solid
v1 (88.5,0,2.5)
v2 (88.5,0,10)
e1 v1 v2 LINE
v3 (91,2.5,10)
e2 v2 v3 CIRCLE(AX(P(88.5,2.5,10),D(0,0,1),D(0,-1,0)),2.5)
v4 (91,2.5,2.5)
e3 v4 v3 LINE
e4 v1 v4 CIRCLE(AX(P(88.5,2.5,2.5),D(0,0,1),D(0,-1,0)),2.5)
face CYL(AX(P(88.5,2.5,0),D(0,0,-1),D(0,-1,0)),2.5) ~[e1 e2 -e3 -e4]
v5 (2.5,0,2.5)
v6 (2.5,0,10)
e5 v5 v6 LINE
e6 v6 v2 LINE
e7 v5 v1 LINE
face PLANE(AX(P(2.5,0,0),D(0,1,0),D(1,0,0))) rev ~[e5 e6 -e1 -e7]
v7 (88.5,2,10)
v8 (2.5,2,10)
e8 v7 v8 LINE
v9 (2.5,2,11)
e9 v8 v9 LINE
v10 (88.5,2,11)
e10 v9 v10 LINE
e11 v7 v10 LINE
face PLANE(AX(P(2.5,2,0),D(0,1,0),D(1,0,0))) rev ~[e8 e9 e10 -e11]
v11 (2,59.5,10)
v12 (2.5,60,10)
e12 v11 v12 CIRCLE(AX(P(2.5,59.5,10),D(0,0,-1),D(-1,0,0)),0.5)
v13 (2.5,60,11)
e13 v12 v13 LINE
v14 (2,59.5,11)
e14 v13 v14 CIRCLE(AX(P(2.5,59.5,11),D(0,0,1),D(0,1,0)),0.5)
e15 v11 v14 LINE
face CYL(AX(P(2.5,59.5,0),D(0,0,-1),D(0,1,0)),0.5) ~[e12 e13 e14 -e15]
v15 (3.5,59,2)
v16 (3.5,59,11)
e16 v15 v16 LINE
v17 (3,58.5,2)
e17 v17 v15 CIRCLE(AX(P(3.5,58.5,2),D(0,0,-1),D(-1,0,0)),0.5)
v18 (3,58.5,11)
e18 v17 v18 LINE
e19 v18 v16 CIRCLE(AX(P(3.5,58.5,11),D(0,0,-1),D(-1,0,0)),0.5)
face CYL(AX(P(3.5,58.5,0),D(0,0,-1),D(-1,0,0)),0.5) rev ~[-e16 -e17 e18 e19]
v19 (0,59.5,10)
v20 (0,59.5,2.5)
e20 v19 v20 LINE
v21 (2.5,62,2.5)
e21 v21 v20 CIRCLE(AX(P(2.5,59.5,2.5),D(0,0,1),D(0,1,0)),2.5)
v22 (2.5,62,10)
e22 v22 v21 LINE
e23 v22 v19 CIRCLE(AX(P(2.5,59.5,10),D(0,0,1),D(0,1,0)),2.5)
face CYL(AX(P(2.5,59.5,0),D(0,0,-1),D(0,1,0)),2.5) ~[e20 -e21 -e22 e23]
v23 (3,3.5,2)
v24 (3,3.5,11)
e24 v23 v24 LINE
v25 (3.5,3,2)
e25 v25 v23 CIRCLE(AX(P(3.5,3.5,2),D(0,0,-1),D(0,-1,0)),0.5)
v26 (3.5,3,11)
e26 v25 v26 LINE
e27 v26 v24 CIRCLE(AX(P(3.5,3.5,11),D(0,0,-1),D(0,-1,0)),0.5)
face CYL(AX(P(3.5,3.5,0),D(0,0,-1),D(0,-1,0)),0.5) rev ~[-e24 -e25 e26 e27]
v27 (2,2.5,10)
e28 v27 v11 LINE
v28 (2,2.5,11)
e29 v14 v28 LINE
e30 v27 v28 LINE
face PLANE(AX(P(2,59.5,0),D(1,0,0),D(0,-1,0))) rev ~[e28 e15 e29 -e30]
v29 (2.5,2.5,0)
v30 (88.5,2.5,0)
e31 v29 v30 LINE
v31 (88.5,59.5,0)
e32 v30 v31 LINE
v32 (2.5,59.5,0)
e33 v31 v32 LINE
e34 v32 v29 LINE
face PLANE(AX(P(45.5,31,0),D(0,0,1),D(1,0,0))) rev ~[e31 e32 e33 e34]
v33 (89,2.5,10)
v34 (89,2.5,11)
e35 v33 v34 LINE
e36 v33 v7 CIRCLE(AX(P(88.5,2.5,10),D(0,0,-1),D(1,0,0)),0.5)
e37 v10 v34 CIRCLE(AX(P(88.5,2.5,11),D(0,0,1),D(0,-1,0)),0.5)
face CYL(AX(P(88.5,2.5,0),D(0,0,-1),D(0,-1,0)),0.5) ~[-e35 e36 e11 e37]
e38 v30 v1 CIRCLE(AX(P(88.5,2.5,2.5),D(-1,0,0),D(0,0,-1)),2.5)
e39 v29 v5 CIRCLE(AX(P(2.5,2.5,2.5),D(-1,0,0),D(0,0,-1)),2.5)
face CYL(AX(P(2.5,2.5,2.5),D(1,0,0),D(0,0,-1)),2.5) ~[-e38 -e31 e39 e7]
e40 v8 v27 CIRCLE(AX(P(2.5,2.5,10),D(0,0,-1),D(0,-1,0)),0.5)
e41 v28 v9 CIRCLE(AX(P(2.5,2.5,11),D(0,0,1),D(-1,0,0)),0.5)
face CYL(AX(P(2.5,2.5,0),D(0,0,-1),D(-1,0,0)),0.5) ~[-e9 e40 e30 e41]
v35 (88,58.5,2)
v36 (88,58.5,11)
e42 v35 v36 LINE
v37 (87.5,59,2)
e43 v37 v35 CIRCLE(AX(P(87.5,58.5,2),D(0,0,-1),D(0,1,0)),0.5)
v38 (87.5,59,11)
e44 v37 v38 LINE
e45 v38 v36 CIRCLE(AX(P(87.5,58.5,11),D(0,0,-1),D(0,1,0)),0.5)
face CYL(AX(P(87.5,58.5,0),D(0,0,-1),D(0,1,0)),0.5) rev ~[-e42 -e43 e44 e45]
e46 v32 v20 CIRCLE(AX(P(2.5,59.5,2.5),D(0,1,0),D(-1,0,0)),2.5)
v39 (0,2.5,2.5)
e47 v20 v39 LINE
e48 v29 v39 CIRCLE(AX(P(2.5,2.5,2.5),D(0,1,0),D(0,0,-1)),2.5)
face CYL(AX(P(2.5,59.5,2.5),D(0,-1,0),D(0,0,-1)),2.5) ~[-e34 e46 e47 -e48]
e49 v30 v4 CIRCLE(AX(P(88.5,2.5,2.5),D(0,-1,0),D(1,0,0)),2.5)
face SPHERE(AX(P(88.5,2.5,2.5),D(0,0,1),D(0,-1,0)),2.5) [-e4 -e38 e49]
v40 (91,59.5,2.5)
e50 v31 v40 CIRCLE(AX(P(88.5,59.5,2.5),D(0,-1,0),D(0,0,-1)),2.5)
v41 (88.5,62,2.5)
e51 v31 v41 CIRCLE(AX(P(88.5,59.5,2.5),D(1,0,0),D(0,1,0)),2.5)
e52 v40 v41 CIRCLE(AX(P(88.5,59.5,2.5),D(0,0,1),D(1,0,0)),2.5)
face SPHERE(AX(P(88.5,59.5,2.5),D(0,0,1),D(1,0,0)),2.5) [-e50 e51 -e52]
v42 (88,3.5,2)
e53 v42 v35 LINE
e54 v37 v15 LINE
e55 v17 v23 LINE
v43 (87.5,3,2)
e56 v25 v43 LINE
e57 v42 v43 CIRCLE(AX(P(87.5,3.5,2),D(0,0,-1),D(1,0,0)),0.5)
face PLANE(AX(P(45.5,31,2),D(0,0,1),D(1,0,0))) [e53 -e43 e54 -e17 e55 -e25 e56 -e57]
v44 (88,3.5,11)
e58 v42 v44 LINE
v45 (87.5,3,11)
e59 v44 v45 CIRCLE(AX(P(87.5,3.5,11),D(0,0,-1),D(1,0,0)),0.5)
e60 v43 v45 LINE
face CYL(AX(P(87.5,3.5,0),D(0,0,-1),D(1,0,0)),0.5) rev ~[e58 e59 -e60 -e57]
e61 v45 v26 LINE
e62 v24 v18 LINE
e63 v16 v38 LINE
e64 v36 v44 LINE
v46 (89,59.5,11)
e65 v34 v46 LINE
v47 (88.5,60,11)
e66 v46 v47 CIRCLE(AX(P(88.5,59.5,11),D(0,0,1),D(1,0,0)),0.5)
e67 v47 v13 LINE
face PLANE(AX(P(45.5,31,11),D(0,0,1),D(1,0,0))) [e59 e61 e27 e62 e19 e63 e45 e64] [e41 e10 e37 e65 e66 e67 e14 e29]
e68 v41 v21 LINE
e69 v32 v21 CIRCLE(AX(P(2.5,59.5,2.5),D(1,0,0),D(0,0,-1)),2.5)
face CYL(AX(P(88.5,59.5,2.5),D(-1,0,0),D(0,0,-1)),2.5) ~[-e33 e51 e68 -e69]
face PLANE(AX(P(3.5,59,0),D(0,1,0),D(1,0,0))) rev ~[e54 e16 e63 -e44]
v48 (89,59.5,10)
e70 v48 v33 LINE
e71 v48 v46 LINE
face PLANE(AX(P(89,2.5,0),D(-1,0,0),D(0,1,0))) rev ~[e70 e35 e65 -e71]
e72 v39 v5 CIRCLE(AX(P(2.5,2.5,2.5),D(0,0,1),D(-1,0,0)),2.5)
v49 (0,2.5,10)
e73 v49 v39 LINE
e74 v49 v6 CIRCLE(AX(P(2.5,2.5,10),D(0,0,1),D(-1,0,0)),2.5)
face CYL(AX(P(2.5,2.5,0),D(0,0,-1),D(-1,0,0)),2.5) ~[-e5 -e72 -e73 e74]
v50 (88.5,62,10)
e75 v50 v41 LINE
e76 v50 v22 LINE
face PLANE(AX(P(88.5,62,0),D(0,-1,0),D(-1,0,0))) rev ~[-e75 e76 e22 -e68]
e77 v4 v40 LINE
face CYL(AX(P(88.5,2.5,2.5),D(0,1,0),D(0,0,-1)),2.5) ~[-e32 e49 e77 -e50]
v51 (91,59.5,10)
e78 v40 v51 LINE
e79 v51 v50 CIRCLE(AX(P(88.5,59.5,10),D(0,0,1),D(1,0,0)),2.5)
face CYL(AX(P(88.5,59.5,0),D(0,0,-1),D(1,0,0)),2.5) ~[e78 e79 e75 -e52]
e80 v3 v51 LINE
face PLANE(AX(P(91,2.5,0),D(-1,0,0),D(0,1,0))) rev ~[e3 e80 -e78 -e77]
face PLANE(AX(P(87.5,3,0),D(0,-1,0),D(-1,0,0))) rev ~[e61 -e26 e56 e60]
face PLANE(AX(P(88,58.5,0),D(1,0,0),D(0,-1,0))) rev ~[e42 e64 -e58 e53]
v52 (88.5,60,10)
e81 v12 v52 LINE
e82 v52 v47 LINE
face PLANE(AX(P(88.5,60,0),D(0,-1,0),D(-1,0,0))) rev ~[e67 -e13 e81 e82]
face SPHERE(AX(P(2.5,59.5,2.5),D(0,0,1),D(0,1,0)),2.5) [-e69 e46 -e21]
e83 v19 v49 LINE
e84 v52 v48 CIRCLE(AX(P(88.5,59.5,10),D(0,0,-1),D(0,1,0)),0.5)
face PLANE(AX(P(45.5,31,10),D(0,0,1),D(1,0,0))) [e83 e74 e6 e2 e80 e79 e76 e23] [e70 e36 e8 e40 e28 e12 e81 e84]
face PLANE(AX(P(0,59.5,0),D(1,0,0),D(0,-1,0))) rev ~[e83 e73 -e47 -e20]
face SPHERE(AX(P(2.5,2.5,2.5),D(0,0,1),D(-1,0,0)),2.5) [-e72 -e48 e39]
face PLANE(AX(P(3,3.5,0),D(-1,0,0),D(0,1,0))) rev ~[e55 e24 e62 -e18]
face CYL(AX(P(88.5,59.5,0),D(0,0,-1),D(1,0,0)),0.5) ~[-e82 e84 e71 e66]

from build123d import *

# Parameters (mm, degrees)
F1_DEPTH = 2
F2_DEPTH = 10
F3_DEPTH = 11
F4_R     = 2.5


with BuildPart() as f1:
    # F0 (on Top) → F1 (new body)
    with BuildSketch(Plane.XY):
        with BuildLine():
            ThreePointArc((0, 2.5), (0.732233047, 0.732233047), (2.5, 0))
            Line((2.5, 0), (88.5, 0))
            ThreePointArc((88.5, 0), (90.267766953, 0.732233047), (91, 2.5))
            Line((91, 2.5), (91, 59.5))
            ThreePointArc((91, 59.5), (90.267766953, 61.267766953), (88.5, 62))
            Line((88.5, 62), (2.5, 62))
            ThreePointArc((2.5, 62), (0.732233047, 61.267766953), (0, 59.5))
            Line((0, 59.5), (0, 2.5))
        make_face()
        with BuildLine():
            Line((2, 2.5), (2, 59.5))
            ThreePointArc((2, 59.5), (2.1464466094, 59.8535533906), (2.5, 60))
            Line((2.5, 60), (88.5, 60))
            ThreePointArc((88.5, 60), (88.8535533906, 59.8535533906), (89, 59.5))
            Line((89, 59.5), (89, 2.5))
            ThreePointArc((89, 2.5), (88.8535533906, 2.1464466094), (88.5, 2))
            Line((88.5, 2), (2.5, 2))
            ThreePointArc((2.5, 2), (2.1464466094, 2.1464466094), (2, 2.5))
        make_face(mode=Mode.SUBTRACT)
        with BuildLine():
            ThreePointArc((2.5, 60), (2.1464466094, 59.8535533906), (2, 59.5))
            Line((2, 59.5), (2, 2.5))
            ThreePointArc((2, 2.5), (2.1464466094, 2.1464466094), (2.5, 2))
            Line((2.5, 2), (88.5, 2))
            ThreePointArc((88.5, 2), (88.8535533906, 2.1464466094), (89, 2.5))
            Line((89, 2.5), (89, 59.5))
            ThreePointArc((89, 59.5), (88.8535533906, 59.8535533906), (88.5, 60))
            Line((88.5, 60), (2.5, 60))
        make_face()
        with BuildLine():
            Line((3.5, 59), (87.5, 59))
            ThreePointArc((87.5, 59), (87.8535533906, 58.8535533906), (88, 58.5))
            Line((88, 58.5), (88, 3.5))
            ThreePointArc((88, 3.5), (87.8535533906, 3.1464466094), (87.5, 3))
            Line((87.5, 3), (3.5, 3))
            ThreePointArc((3.5, 3), (3.1464466094, 3.1464466094), (3, 3.5))
            Line((3, 3.5), (3, 58.5))
            ThreePointArc((3, 58.5), (3.1464466094, 58.8535533906), (3.5, 59))
        make_face(mode=Mode.SUBTRACT)
        with BuildLine():
            ThreePointArc((88, 58.5), (87.8535533906, 58.8535533906), (87.5, 59))
            Line((87.5, 59), (3.5, 59))
            ThreePointArc((3.5, 59), (3.1464466094, 58.8535533906), (3, 58.5))
            Line((3, 58.5), (3, 3.5))
            ThreePointArc((3, 3.5), (3.1464466094, 3.1464466094), (3.5, 3))
            Line((3.5, 3), (87.5, 3))
            ThreePointArc((87.5, 3), (87.8535533906, 3.1464466094), (88, 3.5))
            Line((88, 3.5), (88, 58.5))
        make_face()
    extrude(amount=F1_DEPTH)

    # F0 (on Top) → F2 (join)
    with BuildSketch(Plane.XY):
        with BuildLine():
            ThreePointArc((0, 2.5), (0.732233047, 0.732233047), (2.5, 0))
            Line((2.5, 0), (88.5, 0))
            ThreePointArc((88.5, 0), (90.267766953, 0.732233047), (91, 2.5))
            Line((91, 2.5), (91, 59.5))
            ThreePointArc((91, 59.5), (90.267766953, 61.267766953), (88.5, 62))
            Line((88.5, 62), (2.5, 62))
            ThreePointArc((2.5, 62), (0.732233047, 61.267766953), (0, 59.5))
            Line((0, 59.5), (0, 2.5))
        make_face()
        with BuildLine():
            Line((2, 2.5), (2, 59.5))
            ThreePointArc((2, 59.5), (2.1464466094, 59.8535533906), (2.5, 60))
            Line((2.5, 60), (88.5, 60))
            ThreePointArc((88.5, 60), (88.8535533906, 59.8535533906), (89, 59.5))
            Line((89, 59.5), (89, 2.5))
            ThreePointArc((89, 2.5), (88.8535533906, 2.1464466094), (88.5, 2))
            Line((88.5, 2), (2.5, 2))
            ThreePointArc((2.5, 2), (2.1464466094, 2.1464466094), (2, 2.5))
        make_face(mode=Mode.SUBTRACT)
    extrude(amount=F2_DEPTH)

    # F0 (on Top) → F3 (join)
    with BuildSketch(Plane.XY):
        with BuildLine():
            ThreePointArc((2.5, 60), (2.1464466094, 59.8535533906), (2, 59.5))
            Line((2, 59.5), (2, 2.5))
            ThreePointArc((2, 2.5), (2.1464466094, 2.1464466094), (2.5, 2))
            Line((2.5, 2), (88.5, 2))
            ThreePointArc((88.5, 2), (88.8535533906, 2.1464466094), (89, 2.5))
            Line((89, 2.5), (89, 59.5))
            ThreePointArc((89, 59.5), (88.8535533906, 59.8535533906), (88.5, 60))
            Line((88.5, 60), (2.5, 60))
        make_face()
        with BuildLine():
            Line((3.5, 59), (87.5, 59))
            ThreePointArc((87.5, 59), (87.8535533906, 58.8535533906), (88, 58.5))
            Line((88, 58.5), (88, 3.5))
            ThreePointArc((88, 3.5), (87.8535533906, 3.1464466094), (87.5, 3))
            Line((87.5, 3), (3.5, 3))
            ThreePointArc((3.5, 3), (3.1464466094, 3.1464466094), (3, 3.5))
            Line((3, 3.5), (3, 58.5))
            ThreePointArc((3, 58.5), (3.1464466094, 58.8535533906), (3.5, 59))
        make_face(mode=Mode.SUBTRACT)
    extrude(amount=F3_DEPTH)

    # F4
    f4_edges = [f1.edges().sort_by_distance(p)[0] for p in [
        (45.5, 0, 0),
    ]]
    fillet(f4_edges, radius=F4_R)


solid = f1.part
